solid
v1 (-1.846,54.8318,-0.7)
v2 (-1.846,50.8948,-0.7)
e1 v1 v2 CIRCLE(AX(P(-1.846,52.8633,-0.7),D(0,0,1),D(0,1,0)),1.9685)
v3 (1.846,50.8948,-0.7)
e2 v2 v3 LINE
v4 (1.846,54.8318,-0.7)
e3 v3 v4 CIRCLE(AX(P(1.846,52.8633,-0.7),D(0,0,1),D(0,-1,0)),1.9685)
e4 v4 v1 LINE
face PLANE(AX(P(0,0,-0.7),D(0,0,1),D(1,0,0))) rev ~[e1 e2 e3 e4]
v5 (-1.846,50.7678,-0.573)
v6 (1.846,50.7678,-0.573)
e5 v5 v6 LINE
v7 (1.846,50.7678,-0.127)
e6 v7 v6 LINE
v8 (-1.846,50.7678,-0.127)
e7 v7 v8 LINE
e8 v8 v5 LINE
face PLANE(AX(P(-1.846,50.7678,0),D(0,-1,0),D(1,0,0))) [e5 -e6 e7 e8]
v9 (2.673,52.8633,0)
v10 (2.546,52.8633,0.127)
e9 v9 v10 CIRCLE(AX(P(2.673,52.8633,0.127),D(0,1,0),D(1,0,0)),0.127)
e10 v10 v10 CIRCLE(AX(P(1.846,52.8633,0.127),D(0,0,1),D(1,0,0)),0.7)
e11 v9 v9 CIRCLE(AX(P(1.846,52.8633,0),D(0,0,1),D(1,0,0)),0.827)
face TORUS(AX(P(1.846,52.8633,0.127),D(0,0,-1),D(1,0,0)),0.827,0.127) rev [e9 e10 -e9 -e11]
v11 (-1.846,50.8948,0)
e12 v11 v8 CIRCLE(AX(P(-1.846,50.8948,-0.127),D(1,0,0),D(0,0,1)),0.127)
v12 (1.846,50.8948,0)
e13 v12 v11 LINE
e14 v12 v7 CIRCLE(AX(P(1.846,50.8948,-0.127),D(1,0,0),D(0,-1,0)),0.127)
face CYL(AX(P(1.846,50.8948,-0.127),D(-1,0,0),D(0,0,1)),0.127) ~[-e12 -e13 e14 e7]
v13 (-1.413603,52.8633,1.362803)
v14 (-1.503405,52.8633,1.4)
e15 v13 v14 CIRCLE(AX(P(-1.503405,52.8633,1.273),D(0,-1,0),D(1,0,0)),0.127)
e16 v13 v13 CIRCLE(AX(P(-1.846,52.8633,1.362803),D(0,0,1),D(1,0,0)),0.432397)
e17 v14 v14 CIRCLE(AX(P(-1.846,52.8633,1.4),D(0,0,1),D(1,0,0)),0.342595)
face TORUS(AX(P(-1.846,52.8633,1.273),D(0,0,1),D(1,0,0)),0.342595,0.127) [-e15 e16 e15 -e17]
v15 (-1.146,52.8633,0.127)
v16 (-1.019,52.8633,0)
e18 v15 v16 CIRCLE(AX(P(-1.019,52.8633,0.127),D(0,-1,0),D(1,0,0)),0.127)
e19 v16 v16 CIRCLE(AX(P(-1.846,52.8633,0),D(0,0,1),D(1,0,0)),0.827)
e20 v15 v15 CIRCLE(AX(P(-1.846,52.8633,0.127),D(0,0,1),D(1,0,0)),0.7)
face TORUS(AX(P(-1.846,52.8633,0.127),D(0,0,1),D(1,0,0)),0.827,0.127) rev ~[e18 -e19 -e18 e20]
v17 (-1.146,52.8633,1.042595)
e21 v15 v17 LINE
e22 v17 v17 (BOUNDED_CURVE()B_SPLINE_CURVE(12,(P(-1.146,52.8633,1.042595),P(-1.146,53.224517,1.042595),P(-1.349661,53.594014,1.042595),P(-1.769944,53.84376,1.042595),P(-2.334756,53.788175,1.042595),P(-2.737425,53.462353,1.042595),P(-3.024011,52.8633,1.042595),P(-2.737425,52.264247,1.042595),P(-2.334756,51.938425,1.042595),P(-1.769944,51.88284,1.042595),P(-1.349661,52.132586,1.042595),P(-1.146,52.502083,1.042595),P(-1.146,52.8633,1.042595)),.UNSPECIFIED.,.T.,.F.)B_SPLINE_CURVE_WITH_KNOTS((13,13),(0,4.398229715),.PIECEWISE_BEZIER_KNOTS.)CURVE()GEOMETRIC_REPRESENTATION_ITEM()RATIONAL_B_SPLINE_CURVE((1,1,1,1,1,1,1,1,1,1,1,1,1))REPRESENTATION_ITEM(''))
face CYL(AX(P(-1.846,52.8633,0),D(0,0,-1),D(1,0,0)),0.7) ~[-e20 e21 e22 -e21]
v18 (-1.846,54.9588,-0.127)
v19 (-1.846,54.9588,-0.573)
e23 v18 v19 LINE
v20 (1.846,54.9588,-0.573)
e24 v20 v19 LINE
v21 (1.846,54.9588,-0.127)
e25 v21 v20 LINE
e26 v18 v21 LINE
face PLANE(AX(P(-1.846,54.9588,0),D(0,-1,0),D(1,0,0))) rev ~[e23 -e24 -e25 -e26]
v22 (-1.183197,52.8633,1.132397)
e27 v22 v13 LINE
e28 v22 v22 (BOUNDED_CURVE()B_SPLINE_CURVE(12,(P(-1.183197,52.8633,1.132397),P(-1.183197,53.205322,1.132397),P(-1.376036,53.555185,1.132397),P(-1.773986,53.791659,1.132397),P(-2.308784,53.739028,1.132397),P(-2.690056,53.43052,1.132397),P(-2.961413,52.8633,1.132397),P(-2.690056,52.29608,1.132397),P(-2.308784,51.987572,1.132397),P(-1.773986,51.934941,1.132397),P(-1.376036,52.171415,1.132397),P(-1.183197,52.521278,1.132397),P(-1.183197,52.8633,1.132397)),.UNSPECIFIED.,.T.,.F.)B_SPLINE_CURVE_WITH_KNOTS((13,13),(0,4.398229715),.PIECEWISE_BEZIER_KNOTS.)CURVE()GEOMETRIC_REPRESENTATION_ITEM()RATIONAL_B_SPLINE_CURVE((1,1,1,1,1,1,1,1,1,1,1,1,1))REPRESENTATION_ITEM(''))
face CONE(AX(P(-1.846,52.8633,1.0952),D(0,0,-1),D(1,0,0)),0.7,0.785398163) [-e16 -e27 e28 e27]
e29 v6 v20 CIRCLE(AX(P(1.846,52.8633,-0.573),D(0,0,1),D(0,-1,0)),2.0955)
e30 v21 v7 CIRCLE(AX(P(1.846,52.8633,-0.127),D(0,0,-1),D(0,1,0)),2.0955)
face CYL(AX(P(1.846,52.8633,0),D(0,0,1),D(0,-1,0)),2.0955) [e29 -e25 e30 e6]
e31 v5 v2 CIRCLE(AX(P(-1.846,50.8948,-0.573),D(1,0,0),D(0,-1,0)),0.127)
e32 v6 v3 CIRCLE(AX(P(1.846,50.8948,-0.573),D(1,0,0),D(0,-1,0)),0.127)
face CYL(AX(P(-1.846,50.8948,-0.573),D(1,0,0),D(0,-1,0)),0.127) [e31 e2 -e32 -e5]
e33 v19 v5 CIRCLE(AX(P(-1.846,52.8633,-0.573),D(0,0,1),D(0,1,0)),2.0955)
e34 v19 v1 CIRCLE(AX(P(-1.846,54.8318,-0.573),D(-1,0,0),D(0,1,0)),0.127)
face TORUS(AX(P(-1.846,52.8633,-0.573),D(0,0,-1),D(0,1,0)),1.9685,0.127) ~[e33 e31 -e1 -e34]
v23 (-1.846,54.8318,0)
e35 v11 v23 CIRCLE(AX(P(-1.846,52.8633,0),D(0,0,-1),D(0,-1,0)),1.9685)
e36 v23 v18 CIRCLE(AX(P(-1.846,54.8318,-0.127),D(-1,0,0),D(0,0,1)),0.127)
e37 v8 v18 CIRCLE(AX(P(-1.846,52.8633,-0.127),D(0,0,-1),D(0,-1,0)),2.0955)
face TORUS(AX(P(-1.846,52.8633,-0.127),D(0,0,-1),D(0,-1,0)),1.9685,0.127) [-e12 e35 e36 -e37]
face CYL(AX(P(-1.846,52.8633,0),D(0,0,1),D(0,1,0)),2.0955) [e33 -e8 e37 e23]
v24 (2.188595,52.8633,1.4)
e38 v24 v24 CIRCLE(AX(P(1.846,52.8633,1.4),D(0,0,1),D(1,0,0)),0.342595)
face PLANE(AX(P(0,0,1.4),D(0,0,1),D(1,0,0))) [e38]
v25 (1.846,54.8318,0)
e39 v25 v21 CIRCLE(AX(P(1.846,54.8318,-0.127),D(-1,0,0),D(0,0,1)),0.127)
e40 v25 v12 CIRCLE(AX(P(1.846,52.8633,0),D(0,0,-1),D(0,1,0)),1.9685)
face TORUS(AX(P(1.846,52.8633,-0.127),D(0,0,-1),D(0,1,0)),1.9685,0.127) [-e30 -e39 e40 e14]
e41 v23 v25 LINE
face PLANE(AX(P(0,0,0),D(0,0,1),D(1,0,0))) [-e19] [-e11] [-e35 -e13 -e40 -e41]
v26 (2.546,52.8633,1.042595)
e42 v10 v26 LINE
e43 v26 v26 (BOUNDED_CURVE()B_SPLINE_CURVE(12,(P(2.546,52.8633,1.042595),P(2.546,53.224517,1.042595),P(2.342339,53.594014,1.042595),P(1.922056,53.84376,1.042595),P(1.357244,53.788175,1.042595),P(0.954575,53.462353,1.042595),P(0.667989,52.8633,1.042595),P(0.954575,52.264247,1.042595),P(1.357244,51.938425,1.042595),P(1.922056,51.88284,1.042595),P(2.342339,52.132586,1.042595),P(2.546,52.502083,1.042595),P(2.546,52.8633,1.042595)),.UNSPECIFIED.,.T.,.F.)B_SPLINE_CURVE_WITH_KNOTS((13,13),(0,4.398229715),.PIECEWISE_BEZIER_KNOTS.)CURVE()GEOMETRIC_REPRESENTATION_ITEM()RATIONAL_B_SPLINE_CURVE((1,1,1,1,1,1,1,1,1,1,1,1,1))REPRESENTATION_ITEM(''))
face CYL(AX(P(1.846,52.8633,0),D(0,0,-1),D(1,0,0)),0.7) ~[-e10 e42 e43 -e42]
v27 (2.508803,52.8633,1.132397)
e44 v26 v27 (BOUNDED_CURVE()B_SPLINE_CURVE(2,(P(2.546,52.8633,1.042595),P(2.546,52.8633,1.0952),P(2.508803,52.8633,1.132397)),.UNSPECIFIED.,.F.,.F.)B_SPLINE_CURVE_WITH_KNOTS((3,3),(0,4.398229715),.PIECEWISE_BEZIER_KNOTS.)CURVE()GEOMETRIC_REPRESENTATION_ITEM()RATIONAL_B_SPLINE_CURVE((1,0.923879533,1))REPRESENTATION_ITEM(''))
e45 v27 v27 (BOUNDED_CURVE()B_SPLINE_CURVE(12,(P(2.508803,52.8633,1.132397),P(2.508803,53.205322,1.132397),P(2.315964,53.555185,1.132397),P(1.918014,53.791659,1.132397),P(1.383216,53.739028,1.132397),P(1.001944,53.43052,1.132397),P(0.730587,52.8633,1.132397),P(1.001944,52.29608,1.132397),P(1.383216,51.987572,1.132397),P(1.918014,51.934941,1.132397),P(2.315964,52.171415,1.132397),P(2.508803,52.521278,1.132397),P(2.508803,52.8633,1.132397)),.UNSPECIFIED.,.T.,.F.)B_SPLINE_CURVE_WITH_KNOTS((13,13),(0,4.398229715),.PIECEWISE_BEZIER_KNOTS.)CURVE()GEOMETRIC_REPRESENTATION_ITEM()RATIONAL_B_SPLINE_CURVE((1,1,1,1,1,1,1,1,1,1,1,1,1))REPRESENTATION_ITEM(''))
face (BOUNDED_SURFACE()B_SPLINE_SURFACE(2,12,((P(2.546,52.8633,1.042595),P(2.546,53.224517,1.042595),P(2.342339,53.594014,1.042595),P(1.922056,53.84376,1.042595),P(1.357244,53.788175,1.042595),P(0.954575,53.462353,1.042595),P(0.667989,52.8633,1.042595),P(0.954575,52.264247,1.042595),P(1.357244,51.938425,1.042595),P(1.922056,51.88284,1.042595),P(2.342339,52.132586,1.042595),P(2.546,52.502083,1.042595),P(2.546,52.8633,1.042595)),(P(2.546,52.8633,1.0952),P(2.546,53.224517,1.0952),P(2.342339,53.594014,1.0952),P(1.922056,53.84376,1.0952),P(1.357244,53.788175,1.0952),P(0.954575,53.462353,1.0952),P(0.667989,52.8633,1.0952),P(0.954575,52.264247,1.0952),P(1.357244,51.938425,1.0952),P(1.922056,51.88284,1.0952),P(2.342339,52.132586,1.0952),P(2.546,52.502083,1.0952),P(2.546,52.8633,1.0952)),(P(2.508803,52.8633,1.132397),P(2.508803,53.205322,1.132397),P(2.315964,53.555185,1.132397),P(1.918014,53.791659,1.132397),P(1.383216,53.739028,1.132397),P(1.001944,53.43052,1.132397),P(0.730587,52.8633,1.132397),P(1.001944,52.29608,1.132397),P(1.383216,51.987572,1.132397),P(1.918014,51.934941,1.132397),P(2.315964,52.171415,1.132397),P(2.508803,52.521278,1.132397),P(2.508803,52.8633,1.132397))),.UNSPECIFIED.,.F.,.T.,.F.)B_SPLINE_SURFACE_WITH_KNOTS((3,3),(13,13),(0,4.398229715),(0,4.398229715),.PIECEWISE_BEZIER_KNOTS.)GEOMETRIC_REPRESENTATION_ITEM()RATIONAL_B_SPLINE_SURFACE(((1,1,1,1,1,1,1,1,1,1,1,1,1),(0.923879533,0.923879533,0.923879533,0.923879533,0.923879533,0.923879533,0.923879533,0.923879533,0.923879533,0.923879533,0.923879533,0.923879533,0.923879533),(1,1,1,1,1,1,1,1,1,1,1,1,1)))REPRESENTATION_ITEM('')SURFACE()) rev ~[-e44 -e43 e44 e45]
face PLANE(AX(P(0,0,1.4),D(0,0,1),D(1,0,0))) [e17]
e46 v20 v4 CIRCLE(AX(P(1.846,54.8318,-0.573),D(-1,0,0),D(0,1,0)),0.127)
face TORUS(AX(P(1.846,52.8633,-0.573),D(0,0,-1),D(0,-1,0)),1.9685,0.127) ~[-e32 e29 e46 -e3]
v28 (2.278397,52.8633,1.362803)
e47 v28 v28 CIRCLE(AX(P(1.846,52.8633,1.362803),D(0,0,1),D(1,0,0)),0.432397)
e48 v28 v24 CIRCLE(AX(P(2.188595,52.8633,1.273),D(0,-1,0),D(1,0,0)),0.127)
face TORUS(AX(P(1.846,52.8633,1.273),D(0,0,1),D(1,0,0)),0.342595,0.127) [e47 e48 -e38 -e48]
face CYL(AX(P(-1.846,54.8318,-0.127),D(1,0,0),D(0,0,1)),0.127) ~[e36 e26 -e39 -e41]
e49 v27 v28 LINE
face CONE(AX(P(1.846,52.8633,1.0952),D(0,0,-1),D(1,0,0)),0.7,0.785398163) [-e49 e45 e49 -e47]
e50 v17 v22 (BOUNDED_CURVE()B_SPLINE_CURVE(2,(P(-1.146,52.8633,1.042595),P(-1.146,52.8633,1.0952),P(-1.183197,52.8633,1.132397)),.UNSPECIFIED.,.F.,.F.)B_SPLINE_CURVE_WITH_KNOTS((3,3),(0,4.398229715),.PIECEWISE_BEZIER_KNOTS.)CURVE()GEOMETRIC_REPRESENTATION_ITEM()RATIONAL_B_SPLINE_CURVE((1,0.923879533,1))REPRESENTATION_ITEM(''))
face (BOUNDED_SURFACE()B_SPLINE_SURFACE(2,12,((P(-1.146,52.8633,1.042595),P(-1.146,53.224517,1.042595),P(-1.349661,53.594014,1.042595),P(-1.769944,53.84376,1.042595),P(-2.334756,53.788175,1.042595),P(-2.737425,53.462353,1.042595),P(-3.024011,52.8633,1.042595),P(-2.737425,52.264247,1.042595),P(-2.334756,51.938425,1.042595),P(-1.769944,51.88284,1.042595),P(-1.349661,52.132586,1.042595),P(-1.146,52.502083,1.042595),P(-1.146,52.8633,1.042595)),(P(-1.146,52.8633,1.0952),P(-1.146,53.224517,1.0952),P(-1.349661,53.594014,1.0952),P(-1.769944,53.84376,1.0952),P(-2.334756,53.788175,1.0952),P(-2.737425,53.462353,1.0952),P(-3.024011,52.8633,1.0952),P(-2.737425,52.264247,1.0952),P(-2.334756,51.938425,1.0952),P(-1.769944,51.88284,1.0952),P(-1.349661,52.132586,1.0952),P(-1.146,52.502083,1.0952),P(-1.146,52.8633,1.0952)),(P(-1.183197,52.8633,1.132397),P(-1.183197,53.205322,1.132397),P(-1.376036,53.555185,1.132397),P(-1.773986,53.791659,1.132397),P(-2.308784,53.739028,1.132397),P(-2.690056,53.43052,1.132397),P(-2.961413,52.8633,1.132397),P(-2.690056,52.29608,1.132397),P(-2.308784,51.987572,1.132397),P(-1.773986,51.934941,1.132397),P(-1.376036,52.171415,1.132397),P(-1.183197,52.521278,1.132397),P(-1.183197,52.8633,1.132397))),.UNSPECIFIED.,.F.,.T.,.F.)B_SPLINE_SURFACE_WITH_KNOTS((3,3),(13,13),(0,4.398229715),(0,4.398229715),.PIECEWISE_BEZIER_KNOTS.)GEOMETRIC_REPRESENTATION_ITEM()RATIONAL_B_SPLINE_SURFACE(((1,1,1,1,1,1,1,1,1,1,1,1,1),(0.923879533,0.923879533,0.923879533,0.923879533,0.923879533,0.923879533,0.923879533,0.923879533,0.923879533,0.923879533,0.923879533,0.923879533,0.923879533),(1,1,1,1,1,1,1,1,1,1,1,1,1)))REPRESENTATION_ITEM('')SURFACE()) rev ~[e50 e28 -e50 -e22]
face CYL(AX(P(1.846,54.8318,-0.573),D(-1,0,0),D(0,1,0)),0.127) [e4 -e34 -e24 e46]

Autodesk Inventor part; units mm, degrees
ref_plane "YZ Plane" through (0, 0, 0) normal (1, 0, 0) x (0, 1, 0)
ref_plane "XZ Plane" through (0, 0, 0) normal (0, 1, 0) x (-1, 0, 0)
ref_plane "XY Plane" through (0, 0, 0) normal (0, 0, 1) x (1, 0, 0)
sketch "Sketch1" plane through (0, 0, 0) normal (0, 0, 1) x (1, 0, 0)
  arc A0 (-1.846, 54.9588) -> (-1.846, 50.7678) centre (-1.846, 52.8633) ccw
  arc A1 (1.846, 50.7678) -> (1.846, 54.9588) centre (1.846, 52.8633) ccw
  line L0 (0, -74.4664) -> (0, 76.5296) construction
  line L1 (-74.0537, 0) -> (74.0537, 0) construction
  circle A2 centre (0, 0) radius 52.8955 construction
  circle A3 centre (-1.846, 52.8633) radius 0.7
  circle A4 centre (1.846, 52.8633) radius 0.7
  line L2 (-1.846, 54.9588) -> (1.846, 54.9588)
  line L3 (-1.846, 50.7678) -> (1.846, 50.7678)
  dimension "d3" = 1.4
  dimension "d4" = 4
  dimension "d12" = 4.191
  dimension "d13" = 105.791
extrude "Extrusion1" add sketch "Sketch1" against normal blind 0.7 contours L2 A1 L3 A0 | A3 | A4
extrude "Extrusion2" add sketch "Sketch1" along normal blind 1.4 contours A3 | A4
chamfer "Chamfer1" distance 0.3048 angle 45 2 edges at (-2.546, 52.8633, 1.4) (1.146, 52.8633, 1.4)
fillet "Fillet1" radius 0.127 14 edges at (0, 54.9588, 0) (3.9415, 52.8633, 0) (0, 50.7678, 0) (-3.9415, 52.8633, 0) (0, 50.7678, -0.7) (3.9415, 52.8633, -0.7) (0, 54.9588, -0.7) (-3.9415, 52.8633, -0.7) (-2.546, 52.8633, 0) (1.146, 52.8633, 0) (1.146, 52.8633, 1.0952) (1.4508, 52.8633, 1.4) (-2.546, 52.8633, 1.0952) (-2.2412, 52.8633, 1.4)
properties part number "J005537" material "VERO WHITE"
